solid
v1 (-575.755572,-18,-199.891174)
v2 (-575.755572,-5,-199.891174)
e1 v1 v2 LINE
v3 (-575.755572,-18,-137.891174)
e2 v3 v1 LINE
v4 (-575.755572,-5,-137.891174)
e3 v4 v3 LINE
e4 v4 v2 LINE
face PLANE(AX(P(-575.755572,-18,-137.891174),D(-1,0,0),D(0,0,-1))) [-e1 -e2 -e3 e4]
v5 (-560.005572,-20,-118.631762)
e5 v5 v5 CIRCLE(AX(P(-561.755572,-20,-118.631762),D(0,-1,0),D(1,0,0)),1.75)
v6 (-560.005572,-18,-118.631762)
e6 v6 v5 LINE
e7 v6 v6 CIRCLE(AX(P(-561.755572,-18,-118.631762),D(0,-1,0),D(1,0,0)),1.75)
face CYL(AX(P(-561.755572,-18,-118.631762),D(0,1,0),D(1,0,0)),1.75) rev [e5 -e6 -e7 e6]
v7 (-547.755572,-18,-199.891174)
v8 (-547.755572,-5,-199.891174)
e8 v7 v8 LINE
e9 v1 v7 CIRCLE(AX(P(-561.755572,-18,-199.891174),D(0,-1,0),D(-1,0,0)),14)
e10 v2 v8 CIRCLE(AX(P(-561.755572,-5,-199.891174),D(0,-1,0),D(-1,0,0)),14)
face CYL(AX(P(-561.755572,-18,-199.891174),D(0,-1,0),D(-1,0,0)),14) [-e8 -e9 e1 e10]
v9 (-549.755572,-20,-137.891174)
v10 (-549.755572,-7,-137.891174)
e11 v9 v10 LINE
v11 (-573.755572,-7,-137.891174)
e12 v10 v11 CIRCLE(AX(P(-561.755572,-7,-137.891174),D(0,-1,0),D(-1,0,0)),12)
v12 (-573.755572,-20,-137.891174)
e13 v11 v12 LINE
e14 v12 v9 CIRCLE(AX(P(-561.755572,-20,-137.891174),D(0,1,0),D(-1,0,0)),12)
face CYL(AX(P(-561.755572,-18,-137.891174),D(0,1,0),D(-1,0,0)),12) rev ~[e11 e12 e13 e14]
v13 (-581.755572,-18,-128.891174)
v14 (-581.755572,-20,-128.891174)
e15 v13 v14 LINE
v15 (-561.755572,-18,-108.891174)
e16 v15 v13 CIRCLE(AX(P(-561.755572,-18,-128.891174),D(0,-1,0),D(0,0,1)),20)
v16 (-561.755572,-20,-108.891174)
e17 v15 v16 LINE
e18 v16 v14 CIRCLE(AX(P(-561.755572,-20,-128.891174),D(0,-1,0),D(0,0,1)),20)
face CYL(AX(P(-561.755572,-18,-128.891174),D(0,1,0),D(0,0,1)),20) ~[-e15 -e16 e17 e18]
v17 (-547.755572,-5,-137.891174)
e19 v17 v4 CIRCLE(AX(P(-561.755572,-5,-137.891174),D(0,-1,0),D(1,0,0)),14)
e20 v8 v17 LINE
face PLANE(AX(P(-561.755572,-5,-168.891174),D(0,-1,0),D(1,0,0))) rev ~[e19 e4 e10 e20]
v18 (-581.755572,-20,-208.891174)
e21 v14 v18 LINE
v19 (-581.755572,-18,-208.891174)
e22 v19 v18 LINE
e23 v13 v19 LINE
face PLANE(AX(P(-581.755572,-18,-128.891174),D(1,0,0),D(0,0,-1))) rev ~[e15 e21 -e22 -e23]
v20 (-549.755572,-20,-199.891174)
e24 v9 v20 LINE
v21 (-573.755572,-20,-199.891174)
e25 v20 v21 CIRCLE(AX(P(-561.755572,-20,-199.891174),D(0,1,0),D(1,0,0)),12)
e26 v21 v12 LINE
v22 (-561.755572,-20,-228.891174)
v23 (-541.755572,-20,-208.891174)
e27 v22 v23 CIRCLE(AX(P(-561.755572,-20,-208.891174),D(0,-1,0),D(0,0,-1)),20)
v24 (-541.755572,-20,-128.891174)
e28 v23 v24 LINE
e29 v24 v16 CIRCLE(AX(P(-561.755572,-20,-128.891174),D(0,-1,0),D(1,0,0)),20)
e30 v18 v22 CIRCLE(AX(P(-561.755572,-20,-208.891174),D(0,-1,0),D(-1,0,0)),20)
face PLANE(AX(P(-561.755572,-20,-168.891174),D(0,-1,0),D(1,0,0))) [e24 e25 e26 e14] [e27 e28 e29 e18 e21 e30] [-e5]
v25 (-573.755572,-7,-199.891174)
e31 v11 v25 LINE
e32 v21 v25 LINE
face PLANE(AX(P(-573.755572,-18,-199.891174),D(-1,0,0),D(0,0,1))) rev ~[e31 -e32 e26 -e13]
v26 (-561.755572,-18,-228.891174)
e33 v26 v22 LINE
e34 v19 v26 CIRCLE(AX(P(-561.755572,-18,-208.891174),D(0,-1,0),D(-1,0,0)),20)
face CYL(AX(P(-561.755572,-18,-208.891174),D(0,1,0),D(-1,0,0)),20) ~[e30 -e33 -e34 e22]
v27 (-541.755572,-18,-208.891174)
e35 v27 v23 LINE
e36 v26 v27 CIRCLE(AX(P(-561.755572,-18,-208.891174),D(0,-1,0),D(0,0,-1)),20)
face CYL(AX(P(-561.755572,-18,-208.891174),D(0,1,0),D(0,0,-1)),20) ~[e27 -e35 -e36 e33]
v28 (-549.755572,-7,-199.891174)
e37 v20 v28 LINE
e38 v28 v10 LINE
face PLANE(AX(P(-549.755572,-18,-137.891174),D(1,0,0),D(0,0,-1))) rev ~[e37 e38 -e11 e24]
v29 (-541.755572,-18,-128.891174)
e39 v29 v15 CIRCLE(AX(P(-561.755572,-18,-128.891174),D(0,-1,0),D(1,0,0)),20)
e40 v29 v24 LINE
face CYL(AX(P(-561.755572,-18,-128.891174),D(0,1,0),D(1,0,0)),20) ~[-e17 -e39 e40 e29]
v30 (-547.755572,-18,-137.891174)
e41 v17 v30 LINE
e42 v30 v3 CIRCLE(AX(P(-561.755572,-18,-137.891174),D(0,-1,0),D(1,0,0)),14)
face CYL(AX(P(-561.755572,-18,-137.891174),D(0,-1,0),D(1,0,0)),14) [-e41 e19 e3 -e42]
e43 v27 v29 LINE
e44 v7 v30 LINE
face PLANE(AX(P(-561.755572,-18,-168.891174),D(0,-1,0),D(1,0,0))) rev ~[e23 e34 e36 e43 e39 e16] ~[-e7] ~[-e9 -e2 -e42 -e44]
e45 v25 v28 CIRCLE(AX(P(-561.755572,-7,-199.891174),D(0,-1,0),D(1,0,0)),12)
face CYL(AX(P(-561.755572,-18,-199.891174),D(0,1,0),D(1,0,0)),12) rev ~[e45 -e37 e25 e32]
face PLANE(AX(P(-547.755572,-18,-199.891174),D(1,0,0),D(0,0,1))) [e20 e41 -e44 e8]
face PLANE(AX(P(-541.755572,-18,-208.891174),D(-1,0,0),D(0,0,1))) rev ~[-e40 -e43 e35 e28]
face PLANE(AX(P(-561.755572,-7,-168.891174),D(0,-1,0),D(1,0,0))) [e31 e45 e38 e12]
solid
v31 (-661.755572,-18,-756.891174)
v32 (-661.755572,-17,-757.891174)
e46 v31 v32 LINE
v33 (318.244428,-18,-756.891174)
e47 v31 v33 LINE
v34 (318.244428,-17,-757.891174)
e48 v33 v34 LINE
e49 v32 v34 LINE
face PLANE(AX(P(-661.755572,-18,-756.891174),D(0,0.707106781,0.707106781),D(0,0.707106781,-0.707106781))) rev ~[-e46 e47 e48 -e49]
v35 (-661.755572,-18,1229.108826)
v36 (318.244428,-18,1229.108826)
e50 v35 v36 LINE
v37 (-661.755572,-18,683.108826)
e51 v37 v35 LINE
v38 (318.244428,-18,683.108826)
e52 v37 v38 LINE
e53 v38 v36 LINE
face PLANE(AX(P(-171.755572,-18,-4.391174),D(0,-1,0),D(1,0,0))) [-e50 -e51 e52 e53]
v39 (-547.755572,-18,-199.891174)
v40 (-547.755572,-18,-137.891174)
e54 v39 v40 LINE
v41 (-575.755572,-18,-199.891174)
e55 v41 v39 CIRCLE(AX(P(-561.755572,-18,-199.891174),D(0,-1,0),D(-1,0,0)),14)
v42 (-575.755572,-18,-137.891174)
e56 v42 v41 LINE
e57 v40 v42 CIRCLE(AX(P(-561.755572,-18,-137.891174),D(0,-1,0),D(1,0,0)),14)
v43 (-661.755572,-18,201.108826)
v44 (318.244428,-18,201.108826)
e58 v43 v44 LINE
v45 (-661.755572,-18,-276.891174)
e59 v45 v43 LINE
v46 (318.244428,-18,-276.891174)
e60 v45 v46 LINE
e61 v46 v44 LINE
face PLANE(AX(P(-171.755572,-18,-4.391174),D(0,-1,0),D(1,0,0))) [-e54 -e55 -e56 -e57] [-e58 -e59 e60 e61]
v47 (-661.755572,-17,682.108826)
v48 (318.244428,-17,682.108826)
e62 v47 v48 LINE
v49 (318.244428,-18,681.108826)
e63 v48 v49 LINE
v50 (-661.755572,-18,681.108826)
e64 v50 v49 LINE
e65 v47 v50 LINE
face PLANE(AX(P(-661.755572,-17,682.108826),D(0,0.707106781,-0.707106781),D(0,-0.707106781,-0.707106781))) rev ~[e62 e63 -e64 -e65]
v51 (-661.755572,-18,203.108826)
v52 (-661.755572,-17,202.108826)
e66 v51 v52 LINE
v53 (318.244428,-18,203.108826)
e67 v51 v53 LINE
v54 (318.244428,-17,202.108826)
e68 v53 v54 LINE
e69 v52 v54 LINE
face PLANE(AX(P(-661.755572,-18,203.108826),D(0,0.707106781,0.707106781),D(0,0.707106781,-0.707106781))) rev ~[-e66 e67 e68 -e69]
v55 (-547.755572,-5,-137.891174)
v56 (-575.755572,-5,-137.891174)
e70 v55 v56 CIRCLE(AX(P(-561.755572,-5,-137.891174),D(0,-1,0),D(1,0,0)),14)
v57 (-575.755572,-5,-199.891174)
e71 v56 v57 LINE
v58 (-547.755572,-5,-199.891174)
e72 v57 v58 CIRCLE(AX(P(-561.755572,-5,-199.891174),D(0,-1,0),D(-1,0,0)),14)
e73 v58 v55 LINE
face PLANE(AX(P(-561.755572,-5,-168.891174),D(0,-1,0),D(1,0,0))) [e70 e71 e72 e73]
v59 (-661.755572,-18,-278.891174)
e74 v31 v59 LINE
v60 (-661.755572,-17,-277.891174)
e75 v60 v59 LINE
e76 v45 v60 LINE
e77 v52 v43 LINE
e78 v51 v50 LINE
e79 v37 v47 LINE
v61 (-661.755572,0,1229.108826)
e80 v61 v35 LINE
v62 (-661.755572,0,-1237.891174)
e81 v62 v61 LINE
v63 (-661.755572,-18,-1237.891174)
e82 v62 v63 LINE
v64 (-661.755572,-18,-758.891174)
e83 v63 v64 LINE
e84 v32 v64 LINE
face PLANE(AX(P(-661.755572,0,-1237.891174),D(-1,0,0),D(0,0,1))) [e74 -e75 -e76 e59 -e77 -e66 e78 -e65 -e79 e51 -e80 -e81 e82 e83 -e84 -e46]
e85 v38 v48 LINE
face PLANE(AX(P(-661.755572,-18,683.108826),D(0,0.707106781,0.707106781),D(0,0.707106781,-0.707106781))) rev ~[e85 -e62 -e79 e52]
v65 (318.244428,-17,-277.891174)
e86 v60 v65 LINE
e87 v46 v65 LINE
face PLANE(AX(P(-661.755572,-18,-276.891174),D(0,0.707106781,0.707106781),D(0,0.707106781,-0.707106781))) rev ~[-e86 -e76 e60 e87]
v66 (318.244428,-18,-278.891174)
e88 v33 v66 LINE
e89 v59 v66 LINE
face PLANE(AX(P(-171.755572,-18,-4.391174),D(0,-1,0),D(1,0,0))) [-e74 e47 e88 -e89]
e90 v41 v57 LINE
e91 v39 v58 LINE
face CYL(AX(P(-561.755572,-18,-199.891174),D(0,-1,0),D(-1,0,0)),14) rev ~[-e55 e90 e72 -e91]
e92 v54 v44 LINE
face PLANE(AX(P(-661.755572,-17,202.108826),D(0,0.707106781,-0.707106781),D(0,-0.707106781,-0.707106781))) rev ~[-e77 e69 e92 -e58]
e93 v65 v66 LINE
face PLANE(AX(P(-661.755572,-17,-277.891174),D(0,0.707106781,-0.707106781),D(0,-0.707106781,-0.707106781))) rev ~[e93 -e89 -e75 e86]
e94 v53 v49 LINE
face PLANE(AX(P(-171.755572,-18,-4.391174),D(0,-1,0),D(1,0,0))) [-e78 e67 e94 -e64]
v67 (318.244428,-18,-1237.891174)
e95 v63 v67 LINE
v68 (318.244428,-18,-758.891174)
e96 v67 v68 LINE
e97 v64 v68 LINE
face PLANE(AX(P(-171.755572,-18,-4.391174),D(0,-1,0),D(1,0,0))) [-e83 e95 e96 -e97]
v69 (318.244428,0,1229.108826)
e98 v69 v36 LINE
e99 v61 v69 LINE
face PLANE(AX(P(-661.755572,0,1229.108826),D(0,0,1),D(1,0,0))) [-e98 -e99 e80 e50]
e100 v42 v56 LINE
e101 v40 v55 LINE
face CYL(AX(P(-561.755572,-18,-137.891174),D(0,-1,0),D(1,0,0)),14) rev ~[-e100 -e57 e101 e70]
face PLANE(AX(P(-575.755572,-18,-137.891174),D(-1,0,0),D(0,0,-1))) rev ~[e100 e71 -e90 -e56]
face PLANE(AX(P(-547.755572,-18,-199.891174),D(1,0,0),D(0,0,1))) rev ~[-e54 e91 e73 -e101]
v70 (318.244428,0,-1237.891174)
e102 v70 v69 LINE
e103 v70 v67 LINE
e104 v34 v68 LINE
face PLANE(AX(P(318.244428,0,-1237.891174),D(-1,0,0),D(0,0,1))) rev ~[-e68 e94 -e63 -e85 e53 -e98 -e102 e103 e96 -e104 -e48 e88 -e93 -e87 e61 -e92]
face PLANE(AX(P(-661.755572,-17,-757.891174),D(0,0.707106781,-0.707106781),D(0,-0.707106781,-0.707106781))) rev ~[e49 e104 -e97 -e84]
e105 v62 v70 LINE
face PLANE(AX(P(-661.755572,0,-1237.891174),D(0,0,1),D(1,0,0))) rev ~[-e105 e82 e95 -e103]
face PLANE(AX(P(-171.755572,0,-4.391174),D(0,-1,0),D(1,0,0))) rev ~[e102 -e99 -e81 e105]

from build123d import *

# Parameters (mm, degrees)
F0_W     = 980
F0_H     = 2467
F1_DEPTH = 18
F3_DEPTH = 980.001
F5_DEPTH = 13
F6_DEPTH = 13
F7_START = -11
F7_DEPTH = 2
F4_R     = 1.75
F8_DEPTH = 2


with BuildPart() as f1:
    # F0 (on Front) → F1 (new body)
    with BuildSketch(Plane.XZ):
        with Locations((-171.7555719672, -4.3911735862)):
            Rectangle(F0_W, F0_H)
    extrude(amount=F1_DEPTH)

    # F2 (on face) → F3 (cut, through all)
    with BuildSketch(Plane(origin=(-661.7555719672, 0, 0), x_dir=(0, -1, 0), z_dir=(-1, 0, 0))):
        Polygon((18, -757.8911735862), (18, -756.8911735862), (17, -757.8911735862), (18, -758.8911735862), align=None)
        Polygon((18, 682.1088264138), (18, 683.1088264138), (17, 682.1088264138), (18, 681.1088264138), align=None)
        Polygon((17, 202.1088264138), (18, 201.1088264138), (18, 202.1088264138), (18, 203.1088264138), align=None)
        Polygon((17, -277.8911735862), (18, -278.8911735862), (18, -277.8911735862), (18, -276.8911735862), align=None)
    extrude(amount=-F3_DEPTH, mode=Mode.SUBTRACT)

    # F4 (on face) → F5 (cut)
    with BuildSketch(Plane.XZ.offset(18)):
        with BuildLine():
            Line((-547.7555719672, -199.8911735862), (-547.7555719672, -137.8911735862))
            ThreePointArc((-547.7555719672, -137.8911735862), (-561.7555719672, -123.8911735862), (-575.7555719672, -137.8911735862))
            Line((-575.7555719672, -137.8911735862), (-575.7555719672, -199.8911735862))
            ThreePointArc((-575.7555719672, -199.8911735862), (-561.7555719672, -213.8911735862), (-547.7555719672, -199.8911735862))
        make_face()
        with BuildLine():
            ThreePointArc((-573.7555719672, -137.8911735862), (-561.7555719672, -125.8911735862), (-549.7555719672, -137.8911735862))
            Line((-549.7555719672, -137.8911735862), (-549.7555719672, -199.8911735862))
            ThreePointArc((-549.7555719672, -199.8911735862), (-561.7555719672, -211.8911735862), (-573.7555719672, -199.8911735862))
            Line((-573.7555719672, -199.8911735862), (-573.7555719672, -137.8911735862))
        make_face(mode=Mode.SUBTRACT)
        with BuildLine():
            Line((-549.7555719672, -199.8911735862), (-549.7555719672, -137.8911735862))
            ThreePointArc((-549.7555719672, -137.8911735862), (-561.7555719672, -125.8911735862), (-573.7555719672, -137.8911735862))
            Line((-573.7555719672, -137.8911735862), (-573.7555719672, -199.8911735862))
            ThreePointArc((-573.7555719672, -199.8911735862), (-561.7555719672, -211.8911735862), (-549.7555719672, -199.8911735862))
        make_face()
    extrude(amount=-F5_DEPTH, mode=Mode.SUBTRACT)


with BuildPart() as f6:
    # F4 (on face) → F6 (new body)
    with BuildSketch(Plane.XZ.offset(18)):
        with BuildLine():
            Line((-547.7555719672, -199.8911735862), (-547.7555719672, -137.8911735862))
            ThreePointArc((-547.7555719672, -137.8911735862), (-561.7555719672, -123.8911735862), (-575.7555719672, -137.8911735862))
            Line((-575.7555719672, -137.8911735862), (-575.7555719672, -199.8911735862))
            ThreePointArc((-575.7555719672, -199.8911735862), (-561.7555719672, -213.8911735862), (-547.7555719672, -199.8911735862))
        make_face()
        with BuildLine():
            ThreePointArc((-573.7555719672, -137.8911735862), (-561.7555719672, -125.8911735862), (-549.7555719672, -137.8911735862))
            Line((-549.7555719672, -137.8911735862), (-549.7555719672, -199.8911735862))
            ThreePointArc((-549.7555719672, -199.8911735862), (-561.7555719672, -211.8911735862), (-573.7555719672, -199.8911735862))
            Line((-573.7555719672, -199.8911735862), (-573.7555719672, -137.8911735862))
        make_face(mode=Mode.SUBTRACT)
    extrude(amount=-F6_DEPTH)

    # F4 (on face) → F7 (join)
    with BuildSketch(Plane.XZ.offset(18).offset(F7_START)):
        with BuildLine():
            Line((-547.7555719672, -199.8911735862), (-547.7555719672, -137.8911735862))
            ThreePointArc((-547.7555719672, -137.8911735862), (-561.7555719672, -123.8911735862), (-575.7555719672, -137.8911735862))
            Line((-575.7555719672, -137.8911735862), (-575.7555719672, -199.8911735862))
            ThreePointArc((-575.7555719672, -199.8911735862), (-561.7555719672, -213.8911735862), (-547.7555719672, -199.8911735862))
        make_face()
        with BuildLine():
            ThreePointArc((-573.7555719672, -137.8911735862), (-561.7555719672, -125.8911735862), (-549.7555719672, -137.8911735862))
            Line((-549.7555719672, -137.8911735862), (-549.7555719672, -199.8911735862))
            ThreePointArc((-549.7555719672, -199.8911735862), (-561.7555719672, -211.8911735862), (-573.7555719672, -199.8911735862))
            Line((-573.7555719672, -199.8911735862), (-573.7555719672, -137.8911735862))
        make_face(mode=Mode.SUBTRACT)
        with BuildLine():
            Line((-549.7555719672, -199.8911735862), (-549.7555719672, -137.8911735862))
            ThreePointArc((-549.7555719672, -137.8911735862), (-561.7555719672, -125.8911735862), (-573.7555719672, -137.8911735862))
            Line((-573.7555719672, -137.8911735862), (-573.7555719672, -199.8911735862))
            ThreePointArc((-573.7555719672, -199.8911735862), (-561.7555719672, -211.8911735862), (-549.7555719672, -199.8911735862))
        make_face()
    extrude(amount=-F7_DEPTH)

    # F4 (on face) → F8 (join)
    with BuildSketch(Plane.XZ.offset(18)):
        with BuildLine():
            Line((-581.7555719672, -128.8911735862), (-581.7555719672, -168.8911735862))
            Line((-581.7555719672, -168.8911735862), (-581.7555719672, -208.8911735862))
            ThreePointArc((-581.7555719672, -208.8911735862), (-575.8977075909, -223.03330921), (-561.7555719672, -228.8911735862))
            ThreePointArc((-561.7555719672, -228.8911735862), (-547.6134363435, -223.03330921), (-541.7555719672, -208.8911735862))
            Line((-541.7555719672, -208.8911735862), (-541.7555719672, -168.8911735862))
            Line((-541.7555719672, -168.8911735862), (-541.7555719672, -128.8911735862))
            ThreePointArc((-541.7555719672, -128.8911735862), (-547.6134363435, -114.7490379625), (-561.7555719672, -108.8911735862))
            ThreePointArc((-561.7555719672, -108.8911735862), (-575.8977075909, -114.7490379625), (-581.7555719672, -128.8911735862))
        make_face()
        with BuildLine():
            ThreePointArc((-575.7555719672, -137.8911735862), (-561.7555719672, -123.8911735862), (-547.7555719672, -137.8911735862))
            Line((-547.7555719672, -137.8911735862), (-547.7555719672, -199.8911735862))
            ThreePointArc((-547.7555719672, -199.8911735862), (-561.7555719672, -213.8911735862), (-575.7555719672, -199.8911735862))
            Line((-575.7555719672, -199.8911735862), (-575.7555719672, -137.8911735862))
        make_face(mode=Mode.SUBTRACT)
        with Locations((-561.7555719672, -118.6317622662)):
            Circle(F4_R, mode=Mode.SUBTRACT)
        with BuildLine():
            Line((-547.7555719672, -199.8911735862), (-547.7555719672, -137.8911735862))
            ThreePointArc((-547.7555719672, -137.8911735862), (-561.7555719672, -123.8911735862), (-575.7555719672, -137.8911735862))
            Line((-575.7555719672, -137.8911735862), (-575.7555719672, -199.8911735862))
            ThreePointArc((-575.7555719672, -199.8911735862), (-561.7555719672, -213.8911735862), (-547.7555719672, -199.8911735862))
        make_face()
        with BuildLine():
            ThreePointArc((-573.7555719672, -137.8911735862), (-561.7555719672, -125.8911735862), (-549.7555719672, -137.8911735862))
            Line((-549.7555719672, -137.8911735862), (-549.7555719672, -199.8911735862))
            ThreePointArc((-549.7555719672, -199.8911735862), (-561.7555719672, -211.8911735862), (-573.7555719672, -199.8911735862))
            Line((-573.7555719672, -199.8911735862), (-573.7555719672, -137.8911735862))
        make_face(mode=Mode.SUBTRACT)
    extrude(amount=F8_DEPTH)


solid = Compound([f1.part, f6.part])
